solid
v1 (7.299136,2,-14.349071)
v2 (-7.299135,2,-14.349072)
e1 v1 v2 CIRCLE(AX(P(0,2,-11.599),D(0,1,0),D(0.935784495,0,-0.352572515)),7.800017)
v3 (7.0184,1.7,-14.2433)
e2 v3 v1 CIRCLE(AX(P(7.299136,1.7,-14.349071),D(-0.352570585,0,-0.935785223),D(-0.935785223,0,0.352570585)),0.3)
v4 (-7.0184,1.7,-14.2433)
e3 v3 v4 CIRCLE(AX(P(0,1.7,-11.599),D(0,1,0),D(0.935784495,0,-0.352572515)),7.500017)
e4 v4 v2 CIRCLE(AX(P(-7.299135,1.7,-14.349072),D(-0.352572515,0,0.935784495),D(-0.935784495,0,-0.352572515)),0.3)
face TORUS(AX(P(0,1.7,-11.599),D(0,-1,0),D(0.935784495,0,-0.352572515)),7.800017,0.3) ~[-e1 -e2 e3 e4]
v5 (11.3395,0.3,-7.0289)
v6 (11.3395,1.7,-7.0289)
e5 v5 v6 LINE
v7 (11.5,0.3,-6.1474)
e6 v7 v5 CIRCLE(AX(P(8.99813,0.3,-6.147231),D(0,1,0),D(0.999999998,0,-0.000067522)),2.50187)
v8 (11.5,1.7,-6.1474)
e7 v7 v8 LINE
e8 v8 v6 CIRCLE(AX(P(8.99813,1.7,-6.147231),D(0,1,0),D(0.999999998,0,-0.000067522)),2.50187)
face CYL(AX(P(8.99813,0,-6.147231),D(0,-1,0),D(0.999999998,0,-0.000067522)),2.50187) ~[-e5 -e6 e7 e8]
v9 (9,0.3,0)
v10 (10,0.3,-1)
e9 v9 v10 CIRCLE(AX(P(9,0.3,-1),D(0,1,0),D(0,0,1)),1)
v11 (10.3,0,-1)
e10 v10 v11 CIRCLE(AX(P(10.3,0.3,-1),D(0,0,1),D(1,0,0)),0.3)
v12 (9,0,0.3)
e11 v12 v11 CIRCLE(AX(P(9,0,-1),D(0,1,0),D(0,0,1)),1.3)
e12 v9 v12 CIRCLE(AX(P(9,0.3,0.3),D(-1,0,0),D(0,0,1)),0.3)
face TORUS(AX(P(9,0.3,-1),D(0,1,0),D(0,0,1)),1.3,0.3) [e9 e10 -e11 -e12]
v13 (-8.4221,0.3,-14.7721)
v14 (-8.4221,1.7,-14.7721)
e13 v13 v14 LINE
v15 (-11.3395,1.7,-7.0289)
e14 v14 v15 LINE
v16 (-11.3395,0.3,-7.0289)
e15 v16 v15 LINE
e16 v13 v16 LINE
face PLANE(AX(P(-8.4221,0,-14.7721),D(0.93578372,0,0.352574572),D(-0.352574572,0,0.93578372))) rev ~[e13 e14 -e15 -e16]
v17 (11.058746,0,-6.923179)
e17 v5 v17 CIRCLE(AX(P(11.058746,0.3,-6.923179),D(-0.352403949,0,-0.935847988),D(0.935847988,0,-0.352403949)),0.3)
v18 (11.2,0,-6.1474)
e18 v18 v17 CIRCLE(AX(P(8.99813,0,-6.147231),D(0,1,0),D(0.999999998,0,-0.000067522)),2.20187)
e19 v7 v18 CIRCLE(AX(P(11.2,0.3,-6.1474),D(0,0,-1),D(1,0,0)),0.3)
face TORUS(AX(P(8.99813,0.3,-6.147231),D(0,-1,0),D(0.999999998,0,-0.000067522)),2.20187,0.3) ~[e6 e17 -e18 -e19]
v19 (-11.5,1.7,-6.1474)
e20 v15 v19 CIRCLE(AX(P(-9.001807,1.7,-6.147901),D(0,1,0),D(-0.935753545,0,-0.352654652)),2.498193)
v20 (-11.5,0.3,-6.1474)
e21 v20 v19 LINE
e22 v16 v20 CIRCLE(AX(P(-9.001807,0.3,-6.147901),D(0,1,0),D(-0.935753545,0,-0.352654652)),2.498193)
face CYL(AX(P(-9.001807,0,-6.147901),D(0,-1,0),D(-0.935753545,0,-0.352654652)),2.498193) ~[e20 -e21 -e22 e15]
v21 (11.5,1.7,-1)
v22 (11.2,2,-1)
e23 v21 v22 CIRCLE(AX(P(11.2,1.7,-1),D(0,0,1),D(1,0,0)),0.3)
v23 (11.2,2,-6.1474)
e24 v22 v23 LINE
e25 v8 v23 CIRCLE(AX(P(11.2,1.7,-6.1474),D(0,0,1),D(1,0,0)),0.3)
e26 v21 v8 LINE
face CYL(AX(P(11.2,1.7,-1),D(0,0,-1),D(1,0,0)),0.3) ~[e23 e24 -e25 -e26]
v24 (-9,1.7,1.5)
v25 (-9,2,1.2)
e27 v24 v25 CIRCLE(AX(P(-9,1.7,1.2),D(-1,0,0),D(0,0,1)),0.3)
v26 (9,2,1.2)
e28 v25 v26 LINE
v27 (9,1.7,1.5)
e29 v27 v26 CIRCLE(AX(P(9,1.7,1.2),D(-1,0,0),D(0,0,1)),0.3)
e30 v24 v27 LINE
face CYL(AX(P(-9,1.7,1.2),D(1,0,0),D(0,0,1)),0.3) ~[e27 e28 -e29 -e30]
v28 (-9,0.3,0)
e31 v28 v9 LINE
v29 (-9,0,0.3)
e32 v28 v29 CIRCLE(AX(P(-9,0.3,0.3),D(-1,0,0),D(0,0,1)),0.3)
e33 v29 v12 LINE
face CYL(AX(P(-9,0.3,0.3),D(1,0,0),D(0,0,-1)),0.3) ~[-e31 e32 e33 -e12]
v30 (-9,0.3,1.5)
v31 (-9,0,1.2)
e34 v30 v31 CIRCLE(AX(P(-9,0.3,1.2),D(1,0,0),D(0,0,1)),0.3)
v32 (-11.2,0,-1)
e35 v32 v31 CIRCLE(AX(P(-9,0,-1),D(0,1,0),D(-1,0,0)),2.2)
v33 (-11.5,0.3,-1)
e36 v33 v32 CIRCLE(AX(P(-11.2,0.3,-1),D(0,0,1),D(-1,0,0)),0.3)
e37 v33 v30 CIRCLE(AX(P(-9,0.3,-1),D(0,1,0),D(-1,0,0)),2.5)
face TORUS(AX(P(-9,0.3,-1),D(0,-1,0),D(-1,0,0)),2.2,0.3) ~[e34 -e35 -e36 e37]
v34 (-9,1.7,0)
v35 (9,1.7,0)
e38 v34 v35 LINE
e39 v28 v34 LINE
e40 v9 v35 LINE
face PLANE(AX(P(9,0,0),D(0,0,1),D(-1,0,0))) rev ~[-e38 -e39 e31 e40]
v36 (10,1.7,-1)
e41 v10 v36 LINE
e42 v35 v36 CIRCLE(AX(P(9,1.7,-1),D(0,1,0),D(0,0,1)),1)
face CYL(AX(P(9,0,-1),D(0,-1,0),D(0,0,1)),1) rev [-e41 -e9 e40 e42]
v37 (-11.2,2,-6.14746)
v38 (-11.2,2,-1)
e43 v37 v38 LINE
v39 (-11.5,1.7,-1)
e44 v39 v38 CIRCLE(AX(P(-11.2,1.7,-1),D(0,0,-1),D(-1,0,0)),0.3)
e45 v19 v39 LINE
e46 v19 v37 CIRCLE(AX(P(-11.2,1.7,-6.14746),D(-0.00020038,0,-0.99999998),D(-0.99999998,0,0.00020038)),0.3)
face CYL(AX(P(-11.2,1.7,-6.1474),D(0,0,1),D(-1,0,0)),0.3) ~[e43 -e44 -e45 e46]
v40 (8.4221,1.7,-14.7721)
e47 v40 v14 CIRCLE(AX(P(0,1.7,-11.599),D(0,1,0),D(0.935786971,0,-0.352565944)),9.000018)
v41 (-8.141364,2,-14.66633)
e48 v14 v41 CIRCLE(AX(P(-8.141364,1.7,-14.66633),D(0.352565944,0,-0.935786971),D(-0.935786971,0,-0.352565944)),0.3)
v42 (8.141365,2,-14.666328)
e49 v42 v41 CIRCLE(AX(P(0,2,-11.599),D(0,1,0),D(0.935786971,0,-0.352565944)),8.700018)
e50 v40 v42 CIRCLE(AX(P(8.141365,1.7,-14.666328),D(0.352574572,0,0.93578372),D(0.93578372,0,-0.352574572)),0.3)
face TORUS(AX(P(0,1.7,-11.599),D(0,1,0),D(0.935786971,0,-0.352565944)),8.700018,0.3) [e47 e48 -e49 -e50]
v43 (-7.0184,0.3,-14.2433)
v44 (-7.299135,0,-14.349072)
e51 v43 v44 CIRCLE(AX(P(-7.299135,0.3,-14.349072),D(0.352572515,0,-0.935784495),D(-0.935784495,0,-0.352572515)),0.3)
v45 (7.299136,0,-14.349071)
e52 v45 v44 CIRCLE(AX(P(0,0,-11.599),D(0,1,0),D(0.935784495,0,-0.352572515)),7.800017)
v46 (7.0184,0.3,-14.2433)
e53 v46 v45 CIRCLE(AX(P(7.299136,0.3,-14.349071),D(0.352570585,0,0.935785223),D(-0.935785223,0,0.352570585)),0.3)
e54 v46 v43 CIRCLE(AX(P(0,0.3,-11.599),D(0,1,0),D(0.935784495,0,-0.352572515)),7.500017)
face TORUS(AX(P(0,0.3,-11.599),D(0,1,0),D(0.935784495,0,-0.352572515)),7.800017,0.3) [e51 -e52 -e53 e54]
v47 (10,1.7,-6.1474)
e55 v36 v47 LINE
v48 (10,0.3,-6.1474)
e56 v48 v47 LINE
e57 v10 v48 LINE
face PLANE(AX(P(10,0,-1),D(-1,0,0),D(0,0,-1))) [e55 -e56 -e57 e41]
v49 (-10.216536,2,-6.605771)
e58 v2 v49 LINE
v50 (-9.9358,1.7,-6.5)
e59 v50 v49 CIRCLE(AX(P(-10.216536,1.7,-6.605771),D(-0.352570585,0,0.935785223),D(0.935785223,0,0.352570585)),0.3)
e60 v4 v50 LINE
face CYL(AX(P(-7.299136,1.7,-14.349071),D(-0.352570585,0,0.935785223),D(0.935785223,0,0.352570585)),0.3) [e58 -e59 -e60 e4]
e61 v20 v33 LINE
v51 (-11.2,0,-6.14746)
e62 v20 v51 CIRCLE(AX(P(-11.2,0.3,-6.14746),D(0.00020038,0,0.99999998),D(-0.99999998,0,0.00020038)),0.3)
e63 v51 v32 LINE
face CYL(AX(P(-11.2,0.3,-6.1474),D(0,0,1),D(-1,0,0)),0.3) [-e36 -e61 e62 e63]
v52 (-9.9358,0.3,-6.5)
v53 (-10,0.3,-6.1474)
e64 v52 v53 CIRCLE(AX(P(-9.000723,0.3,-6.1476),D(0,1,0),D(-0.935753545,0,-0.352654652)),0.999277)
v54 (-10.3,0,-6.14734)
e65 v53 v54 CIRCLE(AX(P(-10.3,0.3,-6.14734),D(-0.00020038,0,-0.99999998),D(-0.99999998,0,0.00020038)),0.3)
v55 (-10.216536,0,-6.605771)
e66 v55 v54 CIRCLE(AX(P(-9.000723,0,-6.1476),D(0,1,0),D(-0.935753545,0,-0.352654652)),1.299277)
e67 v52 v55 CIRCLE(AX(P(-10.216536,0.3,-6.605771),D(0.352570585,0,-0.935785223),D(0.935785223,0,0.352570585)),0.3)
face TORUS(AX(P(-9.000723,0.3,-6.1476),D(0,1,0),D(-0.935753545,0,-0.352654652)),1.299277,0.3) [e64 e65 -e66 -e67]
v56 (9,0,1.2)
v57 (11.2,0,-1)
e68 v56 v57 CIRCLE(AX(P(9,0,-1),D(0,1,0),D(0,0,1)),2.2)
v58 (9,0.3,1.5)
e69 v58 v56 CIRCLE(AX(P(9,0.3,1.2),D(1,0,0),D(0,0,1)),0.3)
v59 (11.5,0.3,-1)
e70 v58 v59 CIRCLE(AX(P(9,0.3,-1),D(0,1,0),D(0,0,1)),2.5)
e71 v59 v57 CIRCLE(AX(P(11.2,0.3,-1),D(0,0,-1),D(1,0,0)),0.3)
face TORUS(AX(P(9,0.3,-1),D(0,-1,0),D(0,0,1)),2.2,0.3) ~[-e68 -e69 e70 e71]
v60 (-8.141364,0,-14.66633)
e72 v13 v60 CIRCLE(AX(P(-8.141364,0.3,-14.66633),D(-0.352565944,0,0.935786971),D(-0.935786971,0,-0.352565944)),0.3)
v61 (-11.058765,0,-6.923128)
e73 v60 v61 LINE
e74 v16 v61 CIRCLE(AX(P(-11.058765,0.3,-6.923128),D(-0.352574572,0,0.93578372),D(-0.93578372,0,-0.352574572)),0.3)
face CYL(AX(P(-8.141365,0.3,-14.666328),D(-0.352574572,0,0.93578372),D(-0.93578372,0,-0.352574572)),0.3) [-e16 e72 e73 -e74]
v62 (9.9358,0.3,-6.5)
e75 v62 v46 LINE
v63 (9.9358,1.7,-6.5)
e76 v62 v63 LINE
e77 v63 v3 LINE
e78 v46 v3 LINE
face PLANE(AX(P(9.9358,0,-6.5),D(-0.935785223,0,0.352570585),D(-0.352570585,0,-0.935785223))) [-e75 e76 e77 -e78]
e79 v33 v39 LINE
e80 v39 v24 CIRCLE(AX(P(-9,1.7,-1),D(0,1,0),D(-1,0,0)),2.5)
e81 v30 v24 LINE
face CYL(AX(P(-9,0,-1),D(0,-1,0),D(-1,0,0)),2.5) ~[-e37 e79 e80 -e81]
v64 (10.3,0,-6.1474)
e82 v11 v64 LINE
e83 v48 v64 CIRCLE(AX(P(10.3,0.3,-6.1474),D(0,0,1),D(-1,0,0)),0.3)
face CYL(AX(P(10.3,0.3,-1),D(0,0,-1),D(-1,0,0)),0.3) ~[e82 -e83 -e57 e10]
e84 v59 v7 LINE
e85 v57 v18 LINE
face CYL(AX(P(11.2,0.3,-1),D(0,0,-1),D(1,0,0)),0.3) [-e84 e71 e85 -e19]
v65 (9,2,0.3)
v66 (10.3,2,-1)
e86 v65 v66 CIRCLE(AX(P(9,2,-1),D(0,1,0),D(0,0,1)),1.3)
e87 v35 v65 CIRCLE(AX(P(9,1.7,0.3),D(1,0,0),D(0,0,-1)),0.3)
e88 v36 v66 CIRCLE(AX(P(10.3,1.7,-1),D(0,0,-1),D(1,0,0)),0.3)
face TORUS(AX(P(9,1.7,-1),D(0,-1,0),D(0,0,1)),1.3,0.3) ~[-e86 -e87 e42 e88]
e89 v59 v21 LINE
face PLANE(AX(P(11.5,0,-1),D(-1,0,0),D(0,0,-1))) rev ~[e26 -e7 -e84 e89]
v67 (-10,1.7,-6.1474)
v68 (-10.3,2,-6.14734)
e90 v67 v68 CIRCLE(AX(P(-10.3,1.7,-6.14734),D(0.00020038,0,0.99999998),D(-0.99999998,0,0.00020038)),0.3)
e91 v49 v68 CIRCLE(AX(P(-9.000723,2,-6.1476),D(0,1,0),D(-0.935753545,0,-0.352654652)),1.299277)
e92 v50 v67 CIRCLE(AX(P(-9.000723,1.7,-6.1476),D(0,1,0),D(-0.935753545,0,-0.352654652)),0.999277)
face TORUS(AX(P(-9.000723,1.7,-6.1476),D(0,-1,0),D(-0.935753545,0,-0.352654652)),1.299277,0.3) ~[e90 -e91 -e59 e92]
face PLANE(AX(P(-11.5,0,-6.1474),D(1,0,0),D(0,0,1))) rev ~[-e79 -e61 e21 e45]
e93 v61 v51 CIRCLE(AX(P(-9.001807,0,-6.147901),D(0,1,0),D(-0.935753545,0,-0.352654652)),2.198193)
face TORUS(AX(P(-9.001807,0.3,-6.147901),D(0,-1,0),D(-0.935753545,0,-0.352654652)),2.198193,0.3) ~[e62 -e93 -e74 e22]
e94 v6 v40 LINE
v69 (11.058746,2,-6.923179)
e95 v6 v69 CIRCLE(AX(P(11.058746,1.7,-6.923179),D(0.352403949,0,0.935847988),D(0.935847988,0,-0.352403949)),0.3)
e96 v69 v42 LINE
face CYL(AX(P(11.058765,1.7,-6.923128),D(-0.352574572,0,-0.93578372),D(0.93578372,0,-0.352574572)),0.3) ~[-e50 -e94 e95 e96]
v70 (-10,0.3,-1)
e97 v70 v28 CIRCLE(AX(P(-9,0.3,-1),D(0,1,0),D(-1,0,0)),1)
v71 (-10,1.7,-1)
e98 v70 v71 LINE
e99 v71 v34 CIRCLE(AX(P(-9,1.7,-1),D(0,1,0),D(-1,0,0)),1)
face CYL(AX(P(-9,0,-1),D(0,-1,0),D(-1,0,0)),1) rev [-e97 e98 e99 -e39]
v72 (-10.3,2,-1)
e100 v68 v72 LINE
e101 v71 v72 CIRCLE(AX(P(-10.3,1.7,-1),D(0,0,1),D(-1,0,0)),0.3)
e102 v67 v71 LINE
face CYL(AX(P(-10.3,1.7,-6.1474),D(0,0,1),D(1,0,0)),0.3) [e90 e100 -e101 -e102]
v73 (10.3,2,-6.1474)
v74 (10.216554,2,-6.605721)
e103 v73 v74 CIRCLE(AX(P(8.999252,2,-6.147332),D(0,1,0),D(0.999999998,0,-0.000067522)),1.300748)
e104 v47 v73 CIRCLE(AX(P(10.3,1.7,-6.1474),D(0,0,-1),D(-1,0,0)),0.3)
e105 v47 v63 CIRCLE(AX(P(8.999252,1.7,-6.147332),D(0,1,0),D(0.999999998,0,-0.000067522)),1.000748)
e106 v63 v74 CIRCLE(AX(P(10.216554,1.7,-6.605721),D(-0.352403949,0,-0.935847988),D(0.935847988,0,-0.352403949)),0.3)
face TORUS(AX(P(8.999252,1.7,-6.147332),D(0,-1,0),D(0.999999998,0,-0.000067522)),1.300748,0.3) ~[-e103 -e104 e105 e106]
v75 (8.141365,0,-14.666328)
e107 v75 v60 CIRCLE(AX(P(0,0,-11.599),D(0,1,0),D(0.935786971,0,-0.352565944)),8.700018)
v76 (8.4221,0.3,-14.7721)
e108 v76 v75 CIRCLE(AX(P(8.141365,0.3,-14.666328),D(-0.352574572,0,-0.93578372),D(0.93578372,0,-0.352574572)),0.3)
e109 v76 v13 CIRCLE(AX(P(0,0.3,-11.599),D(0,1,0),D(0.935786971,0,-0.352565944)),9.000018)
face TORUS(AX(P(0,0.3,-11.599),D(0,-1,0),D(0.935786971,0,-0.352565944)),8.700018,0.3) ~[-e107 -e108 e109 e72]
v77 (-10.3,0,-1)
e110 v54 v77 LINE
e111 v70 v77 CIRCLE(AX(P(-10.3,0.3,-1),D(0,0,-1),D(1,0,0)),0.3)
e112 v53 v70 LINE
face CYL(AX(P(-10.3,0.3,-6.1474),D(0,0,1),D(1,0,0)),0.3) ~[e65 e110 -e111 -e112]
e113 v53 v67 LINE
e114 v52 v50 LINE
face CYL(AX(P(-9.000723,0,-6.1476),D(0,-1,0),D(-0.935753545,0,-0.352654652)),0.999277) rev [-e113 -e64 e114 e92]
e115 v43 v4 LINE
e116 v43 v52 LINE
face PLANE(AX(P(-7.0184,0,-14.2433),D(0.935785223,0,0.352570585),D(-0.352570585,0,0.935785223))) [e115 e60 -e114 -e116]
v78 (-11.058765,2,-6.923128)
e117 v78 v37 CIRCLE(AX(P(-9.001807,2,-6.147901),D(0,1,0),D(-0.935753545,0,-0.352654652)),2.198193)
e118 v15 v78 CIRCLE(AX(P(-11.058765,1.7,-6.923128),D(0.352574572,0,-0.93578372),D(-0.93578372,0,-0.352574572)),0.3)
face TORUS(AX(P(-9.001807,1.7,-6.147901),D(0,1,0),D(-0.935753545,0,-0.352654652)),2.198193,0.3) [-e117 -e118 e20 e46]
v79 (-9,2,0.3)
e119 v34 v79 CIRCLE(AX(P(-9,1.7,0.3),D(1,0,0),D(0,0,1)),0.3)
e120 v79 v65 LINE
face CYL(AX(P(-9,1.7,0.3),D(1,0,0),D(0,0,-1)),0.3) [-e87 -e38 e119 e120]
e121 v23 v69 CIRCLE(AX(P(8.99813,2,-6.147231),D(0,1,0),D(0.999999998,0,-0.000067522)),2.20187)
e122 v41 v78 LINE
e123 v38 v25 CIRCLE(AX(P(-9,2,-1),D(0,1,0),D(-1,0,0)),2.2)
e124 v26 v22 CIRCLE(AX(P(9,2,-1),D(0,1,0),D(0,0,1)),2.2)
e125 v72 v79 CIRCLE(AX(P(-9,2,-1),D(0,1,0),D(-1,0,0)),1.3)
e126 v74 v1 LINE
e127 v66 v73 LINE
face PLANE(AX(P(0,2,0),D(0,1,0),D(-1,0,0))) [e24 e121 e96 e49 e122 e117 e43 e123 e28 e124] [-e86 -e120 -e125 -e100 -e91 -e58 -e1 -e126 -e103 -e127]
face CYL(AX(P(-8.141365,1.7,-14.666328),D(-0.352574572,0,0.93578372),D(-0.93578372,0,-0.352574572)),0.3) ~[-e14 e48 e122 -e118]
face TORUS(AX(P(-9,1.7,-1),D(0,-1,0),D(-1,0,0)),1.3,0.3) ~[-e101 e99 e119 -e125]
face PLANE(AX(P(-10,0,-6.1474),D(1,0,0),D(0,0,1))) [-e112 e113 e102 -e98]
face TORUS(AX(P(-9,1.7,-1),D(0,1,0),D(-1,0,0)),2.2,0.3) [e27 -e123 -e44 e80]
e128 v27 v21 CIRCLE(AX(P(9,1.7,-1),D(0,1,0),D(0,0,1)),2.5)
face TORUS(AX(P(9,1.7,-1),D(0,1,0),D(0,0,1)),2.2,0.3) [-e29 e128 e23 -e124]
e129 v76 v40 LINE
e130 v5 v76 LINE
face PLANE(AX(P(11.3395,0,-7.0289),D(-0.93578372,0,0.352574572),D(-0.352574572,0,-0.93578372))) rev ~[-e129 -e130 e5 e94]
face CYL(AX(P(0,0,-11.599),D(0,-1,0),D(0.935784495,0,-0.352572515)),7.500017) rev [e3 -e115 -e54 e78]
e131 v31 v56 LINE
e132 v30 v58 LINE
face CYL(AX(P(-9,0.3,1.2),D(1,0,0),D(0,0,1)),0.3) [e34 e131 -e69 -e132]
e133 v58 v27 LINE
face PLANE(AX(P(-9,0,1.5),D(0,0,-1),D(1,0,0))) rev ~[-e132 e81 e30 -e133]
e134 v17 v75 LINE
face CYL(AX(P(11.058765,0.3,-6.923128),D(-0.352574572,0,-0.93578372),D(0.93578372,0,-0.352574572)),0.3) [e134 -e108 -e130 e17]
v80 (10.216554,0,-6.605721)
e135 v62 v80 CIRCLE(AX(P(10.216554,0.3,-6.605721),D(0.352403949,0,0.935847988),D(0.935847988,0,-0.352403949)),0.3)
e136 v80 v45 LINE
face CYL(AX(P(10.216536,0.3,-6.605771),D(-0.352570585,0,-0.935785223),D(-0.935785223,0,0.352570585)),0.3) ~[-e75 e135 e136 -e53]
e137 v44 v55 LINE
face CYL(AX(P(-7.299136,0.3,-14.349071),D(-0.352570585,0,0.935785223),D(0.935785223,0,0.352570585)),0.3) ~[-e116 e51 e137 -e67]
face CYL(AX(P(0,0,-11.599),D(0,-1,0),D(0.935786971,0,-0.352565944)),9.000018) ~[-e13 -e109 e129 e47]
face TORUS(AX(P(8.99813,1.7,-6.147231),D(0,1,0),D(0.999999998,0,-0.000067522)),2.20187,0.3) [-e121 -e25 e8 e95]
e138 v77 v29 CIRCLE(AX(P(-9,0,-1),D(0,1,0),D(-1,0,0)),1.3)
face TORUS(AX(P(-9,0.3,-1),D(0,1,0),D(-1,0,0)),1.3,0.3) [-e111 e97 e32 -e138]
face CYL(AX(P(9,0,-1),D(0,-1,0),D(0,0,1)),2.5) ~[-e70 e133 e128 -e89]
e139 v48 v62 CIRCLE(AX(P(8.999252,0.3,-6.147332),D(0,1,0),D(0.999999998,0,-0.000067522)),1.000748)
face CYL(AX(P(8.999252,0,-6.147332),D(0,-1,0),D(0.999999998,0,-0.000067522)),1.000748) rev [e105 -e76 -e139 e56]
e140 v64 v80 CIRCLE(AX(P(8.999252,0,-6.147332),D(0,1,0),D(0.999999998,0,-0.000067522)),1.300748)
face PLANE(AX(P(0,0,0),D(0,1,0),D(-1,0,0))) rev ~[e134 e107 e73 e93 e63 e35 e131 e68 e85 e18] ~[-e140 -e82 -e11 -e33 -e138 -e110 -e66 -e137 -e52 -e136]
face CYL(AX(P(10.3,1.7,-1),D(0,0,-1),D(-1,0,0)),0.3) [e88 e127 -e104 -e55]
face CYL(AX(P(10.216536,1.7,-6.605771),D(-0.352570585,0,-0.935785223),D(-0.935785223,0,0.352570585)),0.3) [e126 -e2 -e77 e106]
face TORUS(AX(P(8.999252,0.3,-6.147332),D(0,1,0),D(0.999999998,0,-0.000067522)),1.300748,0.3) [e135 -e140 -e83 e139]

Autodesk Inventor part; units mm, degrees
ref_plane "YZ Plane" through (0, 0, 0) normal (1, 0, 0) x (0, 1, 0)
ref_plane "XZ Plane" through (0, 0, 0) normal (0, 1, 0) x (-1, 0, 0)
ref_plane "XY Plane" through (0, 0, 0) normal (0, 0, 1) x (1, 0, 0)
sketch "Sketch1" plane through (0, 0, 0) normal (0, 1, 0) x (-1, 0, 0)
  line L0 (-9, 0) -> (9, 0)
  arc A0 (-9, 0) -> (-10, -1) centre (-9, -1) ccw
  line L1 (-10, -1) -> (-10, -6.1474)
  arc A1 (-10, -6.1474) -> (-9.9358, -6.5) centre (-9, -6.1474) ccw
  line L2 (-9.9358, -6.5) -> (-7.0184, -14.2433)
  arc A2 (-7.0184, -14.2433) -> (7.0184, -14.2433) centre (0, -11.599) ccw
  line L3 (7.0184, -14.2433) -> (9.9358, -6.5)
  arc A3 (9.9358, -6.5) -> (10, -6.1474) centre (9, -6.1474) ccw
  line L4 (10, -6.1474) -> (10, -1)
  arc A4 (10, -1) -> (9, 0) centre (9, -1) ccw
  line L5 (9, 1.5) -> (-9, 1.5)
  arc A5 (-9, 1.5) -> (-11.5, -1) centre (-9, -1) ccw
  line L6 (-11.5, -1) -> (-11.5, -6.1474)
  arc A6 (-11.5, -6.1474) -> (-11.3395, -7.0289) centre (-9, -6.1474) ccw
  line L7 (-11.3395, -7.0289) -> (-8.4221, -14.7721)
  arc A7 (-8.4221, -14.7721) -> (8.4221, -14.7721) centre (0, -11.599) ccw
  line L8 (8.4221, -14.7721) -> (11.3395, -7.0289)
  arc A8 (11.3395, -7.0289) -> (11.5, -6.1474) centre (9, -6.1474) ccw
  line L9 (11.5, -6.1474) -> (11.5, -1)
  arc A9 (11.5, -1) -> (9, 1.5) centre (9, -1) ccw
  point P0 (0, 0)
  point P1 (0, 0)
  dimension "d0" = 18
  dimension "d1" = 6.5
  dimension "d2" = 1
  dimension "d3" = 1
  dimension "d4" = 9
  dimension "d5" = 7.5
  dimension "d6" = 1
  dimension "d7" = 1
  dimension "d8" = 11.599
  dimension "d9" = 1.5
extrude "Extrusion1" add sketch "Sketch1" along normal blind 2
fillet "Fillet1" radius 0.3 40 edges at (10.7678, 2, 0.7678) (11.5, 2, -3.5737) (11.4595, 2, -6.5954) (9.8808, 2, -10.9005) (0, 2, -20.599) (-9.8808, 2, -10.9005) (-11.4595, 2, -6.5954) (-11.5, 2, -3.5737) (-10.7678, 2, 0.7678) (0, 2, 1.5) (10.7678, 0, 0.7678) (11.5, 0, -3.5737) (11.4595, 0, -6.5954) (9.8808, 0, -10.9005) (0, 0, -20.599) (-9.8808, 0, -10.9005) (-11.4595, 0, -6.5954) (-11.5, 0, -3.5737) (-10.7678, 0, 0.7678) (0, 0, 1.5) (-9.7071, 2, -0.2929) (-10, 2, -3.5737) (-9.9838, 2, -6.3266) (-8.4771, 2, -10.3716) (0, 2, -19.099) (8.4771, 2, -10.3716) (9.9838, 2, -6.3266) (10, 2, -3.5737) (9.7071, 2, -0.2929) (0, 2, 0) (9.7071, 0, -0.2929) (10, 0, -3.5737) (9.9838, 0, -6.3266) (8.4771, 0, -10.3716) (0, 0, -19.099) (-8.4771, 0, -10.3716) (-9.9838, 0, -6.3266) (-10, 0, -3.5737) (-9.7071, 0, -0.2929) (0, 0, 0)
equation "\"d3\" = d2"
equation "\"d4\" = 0.5 * d0"
equation "\"d6\" = d3"
equation "\"d7\" = d6"
properties part number "y_carryage_bearing_zip_tie" material "ABS Plastic"
